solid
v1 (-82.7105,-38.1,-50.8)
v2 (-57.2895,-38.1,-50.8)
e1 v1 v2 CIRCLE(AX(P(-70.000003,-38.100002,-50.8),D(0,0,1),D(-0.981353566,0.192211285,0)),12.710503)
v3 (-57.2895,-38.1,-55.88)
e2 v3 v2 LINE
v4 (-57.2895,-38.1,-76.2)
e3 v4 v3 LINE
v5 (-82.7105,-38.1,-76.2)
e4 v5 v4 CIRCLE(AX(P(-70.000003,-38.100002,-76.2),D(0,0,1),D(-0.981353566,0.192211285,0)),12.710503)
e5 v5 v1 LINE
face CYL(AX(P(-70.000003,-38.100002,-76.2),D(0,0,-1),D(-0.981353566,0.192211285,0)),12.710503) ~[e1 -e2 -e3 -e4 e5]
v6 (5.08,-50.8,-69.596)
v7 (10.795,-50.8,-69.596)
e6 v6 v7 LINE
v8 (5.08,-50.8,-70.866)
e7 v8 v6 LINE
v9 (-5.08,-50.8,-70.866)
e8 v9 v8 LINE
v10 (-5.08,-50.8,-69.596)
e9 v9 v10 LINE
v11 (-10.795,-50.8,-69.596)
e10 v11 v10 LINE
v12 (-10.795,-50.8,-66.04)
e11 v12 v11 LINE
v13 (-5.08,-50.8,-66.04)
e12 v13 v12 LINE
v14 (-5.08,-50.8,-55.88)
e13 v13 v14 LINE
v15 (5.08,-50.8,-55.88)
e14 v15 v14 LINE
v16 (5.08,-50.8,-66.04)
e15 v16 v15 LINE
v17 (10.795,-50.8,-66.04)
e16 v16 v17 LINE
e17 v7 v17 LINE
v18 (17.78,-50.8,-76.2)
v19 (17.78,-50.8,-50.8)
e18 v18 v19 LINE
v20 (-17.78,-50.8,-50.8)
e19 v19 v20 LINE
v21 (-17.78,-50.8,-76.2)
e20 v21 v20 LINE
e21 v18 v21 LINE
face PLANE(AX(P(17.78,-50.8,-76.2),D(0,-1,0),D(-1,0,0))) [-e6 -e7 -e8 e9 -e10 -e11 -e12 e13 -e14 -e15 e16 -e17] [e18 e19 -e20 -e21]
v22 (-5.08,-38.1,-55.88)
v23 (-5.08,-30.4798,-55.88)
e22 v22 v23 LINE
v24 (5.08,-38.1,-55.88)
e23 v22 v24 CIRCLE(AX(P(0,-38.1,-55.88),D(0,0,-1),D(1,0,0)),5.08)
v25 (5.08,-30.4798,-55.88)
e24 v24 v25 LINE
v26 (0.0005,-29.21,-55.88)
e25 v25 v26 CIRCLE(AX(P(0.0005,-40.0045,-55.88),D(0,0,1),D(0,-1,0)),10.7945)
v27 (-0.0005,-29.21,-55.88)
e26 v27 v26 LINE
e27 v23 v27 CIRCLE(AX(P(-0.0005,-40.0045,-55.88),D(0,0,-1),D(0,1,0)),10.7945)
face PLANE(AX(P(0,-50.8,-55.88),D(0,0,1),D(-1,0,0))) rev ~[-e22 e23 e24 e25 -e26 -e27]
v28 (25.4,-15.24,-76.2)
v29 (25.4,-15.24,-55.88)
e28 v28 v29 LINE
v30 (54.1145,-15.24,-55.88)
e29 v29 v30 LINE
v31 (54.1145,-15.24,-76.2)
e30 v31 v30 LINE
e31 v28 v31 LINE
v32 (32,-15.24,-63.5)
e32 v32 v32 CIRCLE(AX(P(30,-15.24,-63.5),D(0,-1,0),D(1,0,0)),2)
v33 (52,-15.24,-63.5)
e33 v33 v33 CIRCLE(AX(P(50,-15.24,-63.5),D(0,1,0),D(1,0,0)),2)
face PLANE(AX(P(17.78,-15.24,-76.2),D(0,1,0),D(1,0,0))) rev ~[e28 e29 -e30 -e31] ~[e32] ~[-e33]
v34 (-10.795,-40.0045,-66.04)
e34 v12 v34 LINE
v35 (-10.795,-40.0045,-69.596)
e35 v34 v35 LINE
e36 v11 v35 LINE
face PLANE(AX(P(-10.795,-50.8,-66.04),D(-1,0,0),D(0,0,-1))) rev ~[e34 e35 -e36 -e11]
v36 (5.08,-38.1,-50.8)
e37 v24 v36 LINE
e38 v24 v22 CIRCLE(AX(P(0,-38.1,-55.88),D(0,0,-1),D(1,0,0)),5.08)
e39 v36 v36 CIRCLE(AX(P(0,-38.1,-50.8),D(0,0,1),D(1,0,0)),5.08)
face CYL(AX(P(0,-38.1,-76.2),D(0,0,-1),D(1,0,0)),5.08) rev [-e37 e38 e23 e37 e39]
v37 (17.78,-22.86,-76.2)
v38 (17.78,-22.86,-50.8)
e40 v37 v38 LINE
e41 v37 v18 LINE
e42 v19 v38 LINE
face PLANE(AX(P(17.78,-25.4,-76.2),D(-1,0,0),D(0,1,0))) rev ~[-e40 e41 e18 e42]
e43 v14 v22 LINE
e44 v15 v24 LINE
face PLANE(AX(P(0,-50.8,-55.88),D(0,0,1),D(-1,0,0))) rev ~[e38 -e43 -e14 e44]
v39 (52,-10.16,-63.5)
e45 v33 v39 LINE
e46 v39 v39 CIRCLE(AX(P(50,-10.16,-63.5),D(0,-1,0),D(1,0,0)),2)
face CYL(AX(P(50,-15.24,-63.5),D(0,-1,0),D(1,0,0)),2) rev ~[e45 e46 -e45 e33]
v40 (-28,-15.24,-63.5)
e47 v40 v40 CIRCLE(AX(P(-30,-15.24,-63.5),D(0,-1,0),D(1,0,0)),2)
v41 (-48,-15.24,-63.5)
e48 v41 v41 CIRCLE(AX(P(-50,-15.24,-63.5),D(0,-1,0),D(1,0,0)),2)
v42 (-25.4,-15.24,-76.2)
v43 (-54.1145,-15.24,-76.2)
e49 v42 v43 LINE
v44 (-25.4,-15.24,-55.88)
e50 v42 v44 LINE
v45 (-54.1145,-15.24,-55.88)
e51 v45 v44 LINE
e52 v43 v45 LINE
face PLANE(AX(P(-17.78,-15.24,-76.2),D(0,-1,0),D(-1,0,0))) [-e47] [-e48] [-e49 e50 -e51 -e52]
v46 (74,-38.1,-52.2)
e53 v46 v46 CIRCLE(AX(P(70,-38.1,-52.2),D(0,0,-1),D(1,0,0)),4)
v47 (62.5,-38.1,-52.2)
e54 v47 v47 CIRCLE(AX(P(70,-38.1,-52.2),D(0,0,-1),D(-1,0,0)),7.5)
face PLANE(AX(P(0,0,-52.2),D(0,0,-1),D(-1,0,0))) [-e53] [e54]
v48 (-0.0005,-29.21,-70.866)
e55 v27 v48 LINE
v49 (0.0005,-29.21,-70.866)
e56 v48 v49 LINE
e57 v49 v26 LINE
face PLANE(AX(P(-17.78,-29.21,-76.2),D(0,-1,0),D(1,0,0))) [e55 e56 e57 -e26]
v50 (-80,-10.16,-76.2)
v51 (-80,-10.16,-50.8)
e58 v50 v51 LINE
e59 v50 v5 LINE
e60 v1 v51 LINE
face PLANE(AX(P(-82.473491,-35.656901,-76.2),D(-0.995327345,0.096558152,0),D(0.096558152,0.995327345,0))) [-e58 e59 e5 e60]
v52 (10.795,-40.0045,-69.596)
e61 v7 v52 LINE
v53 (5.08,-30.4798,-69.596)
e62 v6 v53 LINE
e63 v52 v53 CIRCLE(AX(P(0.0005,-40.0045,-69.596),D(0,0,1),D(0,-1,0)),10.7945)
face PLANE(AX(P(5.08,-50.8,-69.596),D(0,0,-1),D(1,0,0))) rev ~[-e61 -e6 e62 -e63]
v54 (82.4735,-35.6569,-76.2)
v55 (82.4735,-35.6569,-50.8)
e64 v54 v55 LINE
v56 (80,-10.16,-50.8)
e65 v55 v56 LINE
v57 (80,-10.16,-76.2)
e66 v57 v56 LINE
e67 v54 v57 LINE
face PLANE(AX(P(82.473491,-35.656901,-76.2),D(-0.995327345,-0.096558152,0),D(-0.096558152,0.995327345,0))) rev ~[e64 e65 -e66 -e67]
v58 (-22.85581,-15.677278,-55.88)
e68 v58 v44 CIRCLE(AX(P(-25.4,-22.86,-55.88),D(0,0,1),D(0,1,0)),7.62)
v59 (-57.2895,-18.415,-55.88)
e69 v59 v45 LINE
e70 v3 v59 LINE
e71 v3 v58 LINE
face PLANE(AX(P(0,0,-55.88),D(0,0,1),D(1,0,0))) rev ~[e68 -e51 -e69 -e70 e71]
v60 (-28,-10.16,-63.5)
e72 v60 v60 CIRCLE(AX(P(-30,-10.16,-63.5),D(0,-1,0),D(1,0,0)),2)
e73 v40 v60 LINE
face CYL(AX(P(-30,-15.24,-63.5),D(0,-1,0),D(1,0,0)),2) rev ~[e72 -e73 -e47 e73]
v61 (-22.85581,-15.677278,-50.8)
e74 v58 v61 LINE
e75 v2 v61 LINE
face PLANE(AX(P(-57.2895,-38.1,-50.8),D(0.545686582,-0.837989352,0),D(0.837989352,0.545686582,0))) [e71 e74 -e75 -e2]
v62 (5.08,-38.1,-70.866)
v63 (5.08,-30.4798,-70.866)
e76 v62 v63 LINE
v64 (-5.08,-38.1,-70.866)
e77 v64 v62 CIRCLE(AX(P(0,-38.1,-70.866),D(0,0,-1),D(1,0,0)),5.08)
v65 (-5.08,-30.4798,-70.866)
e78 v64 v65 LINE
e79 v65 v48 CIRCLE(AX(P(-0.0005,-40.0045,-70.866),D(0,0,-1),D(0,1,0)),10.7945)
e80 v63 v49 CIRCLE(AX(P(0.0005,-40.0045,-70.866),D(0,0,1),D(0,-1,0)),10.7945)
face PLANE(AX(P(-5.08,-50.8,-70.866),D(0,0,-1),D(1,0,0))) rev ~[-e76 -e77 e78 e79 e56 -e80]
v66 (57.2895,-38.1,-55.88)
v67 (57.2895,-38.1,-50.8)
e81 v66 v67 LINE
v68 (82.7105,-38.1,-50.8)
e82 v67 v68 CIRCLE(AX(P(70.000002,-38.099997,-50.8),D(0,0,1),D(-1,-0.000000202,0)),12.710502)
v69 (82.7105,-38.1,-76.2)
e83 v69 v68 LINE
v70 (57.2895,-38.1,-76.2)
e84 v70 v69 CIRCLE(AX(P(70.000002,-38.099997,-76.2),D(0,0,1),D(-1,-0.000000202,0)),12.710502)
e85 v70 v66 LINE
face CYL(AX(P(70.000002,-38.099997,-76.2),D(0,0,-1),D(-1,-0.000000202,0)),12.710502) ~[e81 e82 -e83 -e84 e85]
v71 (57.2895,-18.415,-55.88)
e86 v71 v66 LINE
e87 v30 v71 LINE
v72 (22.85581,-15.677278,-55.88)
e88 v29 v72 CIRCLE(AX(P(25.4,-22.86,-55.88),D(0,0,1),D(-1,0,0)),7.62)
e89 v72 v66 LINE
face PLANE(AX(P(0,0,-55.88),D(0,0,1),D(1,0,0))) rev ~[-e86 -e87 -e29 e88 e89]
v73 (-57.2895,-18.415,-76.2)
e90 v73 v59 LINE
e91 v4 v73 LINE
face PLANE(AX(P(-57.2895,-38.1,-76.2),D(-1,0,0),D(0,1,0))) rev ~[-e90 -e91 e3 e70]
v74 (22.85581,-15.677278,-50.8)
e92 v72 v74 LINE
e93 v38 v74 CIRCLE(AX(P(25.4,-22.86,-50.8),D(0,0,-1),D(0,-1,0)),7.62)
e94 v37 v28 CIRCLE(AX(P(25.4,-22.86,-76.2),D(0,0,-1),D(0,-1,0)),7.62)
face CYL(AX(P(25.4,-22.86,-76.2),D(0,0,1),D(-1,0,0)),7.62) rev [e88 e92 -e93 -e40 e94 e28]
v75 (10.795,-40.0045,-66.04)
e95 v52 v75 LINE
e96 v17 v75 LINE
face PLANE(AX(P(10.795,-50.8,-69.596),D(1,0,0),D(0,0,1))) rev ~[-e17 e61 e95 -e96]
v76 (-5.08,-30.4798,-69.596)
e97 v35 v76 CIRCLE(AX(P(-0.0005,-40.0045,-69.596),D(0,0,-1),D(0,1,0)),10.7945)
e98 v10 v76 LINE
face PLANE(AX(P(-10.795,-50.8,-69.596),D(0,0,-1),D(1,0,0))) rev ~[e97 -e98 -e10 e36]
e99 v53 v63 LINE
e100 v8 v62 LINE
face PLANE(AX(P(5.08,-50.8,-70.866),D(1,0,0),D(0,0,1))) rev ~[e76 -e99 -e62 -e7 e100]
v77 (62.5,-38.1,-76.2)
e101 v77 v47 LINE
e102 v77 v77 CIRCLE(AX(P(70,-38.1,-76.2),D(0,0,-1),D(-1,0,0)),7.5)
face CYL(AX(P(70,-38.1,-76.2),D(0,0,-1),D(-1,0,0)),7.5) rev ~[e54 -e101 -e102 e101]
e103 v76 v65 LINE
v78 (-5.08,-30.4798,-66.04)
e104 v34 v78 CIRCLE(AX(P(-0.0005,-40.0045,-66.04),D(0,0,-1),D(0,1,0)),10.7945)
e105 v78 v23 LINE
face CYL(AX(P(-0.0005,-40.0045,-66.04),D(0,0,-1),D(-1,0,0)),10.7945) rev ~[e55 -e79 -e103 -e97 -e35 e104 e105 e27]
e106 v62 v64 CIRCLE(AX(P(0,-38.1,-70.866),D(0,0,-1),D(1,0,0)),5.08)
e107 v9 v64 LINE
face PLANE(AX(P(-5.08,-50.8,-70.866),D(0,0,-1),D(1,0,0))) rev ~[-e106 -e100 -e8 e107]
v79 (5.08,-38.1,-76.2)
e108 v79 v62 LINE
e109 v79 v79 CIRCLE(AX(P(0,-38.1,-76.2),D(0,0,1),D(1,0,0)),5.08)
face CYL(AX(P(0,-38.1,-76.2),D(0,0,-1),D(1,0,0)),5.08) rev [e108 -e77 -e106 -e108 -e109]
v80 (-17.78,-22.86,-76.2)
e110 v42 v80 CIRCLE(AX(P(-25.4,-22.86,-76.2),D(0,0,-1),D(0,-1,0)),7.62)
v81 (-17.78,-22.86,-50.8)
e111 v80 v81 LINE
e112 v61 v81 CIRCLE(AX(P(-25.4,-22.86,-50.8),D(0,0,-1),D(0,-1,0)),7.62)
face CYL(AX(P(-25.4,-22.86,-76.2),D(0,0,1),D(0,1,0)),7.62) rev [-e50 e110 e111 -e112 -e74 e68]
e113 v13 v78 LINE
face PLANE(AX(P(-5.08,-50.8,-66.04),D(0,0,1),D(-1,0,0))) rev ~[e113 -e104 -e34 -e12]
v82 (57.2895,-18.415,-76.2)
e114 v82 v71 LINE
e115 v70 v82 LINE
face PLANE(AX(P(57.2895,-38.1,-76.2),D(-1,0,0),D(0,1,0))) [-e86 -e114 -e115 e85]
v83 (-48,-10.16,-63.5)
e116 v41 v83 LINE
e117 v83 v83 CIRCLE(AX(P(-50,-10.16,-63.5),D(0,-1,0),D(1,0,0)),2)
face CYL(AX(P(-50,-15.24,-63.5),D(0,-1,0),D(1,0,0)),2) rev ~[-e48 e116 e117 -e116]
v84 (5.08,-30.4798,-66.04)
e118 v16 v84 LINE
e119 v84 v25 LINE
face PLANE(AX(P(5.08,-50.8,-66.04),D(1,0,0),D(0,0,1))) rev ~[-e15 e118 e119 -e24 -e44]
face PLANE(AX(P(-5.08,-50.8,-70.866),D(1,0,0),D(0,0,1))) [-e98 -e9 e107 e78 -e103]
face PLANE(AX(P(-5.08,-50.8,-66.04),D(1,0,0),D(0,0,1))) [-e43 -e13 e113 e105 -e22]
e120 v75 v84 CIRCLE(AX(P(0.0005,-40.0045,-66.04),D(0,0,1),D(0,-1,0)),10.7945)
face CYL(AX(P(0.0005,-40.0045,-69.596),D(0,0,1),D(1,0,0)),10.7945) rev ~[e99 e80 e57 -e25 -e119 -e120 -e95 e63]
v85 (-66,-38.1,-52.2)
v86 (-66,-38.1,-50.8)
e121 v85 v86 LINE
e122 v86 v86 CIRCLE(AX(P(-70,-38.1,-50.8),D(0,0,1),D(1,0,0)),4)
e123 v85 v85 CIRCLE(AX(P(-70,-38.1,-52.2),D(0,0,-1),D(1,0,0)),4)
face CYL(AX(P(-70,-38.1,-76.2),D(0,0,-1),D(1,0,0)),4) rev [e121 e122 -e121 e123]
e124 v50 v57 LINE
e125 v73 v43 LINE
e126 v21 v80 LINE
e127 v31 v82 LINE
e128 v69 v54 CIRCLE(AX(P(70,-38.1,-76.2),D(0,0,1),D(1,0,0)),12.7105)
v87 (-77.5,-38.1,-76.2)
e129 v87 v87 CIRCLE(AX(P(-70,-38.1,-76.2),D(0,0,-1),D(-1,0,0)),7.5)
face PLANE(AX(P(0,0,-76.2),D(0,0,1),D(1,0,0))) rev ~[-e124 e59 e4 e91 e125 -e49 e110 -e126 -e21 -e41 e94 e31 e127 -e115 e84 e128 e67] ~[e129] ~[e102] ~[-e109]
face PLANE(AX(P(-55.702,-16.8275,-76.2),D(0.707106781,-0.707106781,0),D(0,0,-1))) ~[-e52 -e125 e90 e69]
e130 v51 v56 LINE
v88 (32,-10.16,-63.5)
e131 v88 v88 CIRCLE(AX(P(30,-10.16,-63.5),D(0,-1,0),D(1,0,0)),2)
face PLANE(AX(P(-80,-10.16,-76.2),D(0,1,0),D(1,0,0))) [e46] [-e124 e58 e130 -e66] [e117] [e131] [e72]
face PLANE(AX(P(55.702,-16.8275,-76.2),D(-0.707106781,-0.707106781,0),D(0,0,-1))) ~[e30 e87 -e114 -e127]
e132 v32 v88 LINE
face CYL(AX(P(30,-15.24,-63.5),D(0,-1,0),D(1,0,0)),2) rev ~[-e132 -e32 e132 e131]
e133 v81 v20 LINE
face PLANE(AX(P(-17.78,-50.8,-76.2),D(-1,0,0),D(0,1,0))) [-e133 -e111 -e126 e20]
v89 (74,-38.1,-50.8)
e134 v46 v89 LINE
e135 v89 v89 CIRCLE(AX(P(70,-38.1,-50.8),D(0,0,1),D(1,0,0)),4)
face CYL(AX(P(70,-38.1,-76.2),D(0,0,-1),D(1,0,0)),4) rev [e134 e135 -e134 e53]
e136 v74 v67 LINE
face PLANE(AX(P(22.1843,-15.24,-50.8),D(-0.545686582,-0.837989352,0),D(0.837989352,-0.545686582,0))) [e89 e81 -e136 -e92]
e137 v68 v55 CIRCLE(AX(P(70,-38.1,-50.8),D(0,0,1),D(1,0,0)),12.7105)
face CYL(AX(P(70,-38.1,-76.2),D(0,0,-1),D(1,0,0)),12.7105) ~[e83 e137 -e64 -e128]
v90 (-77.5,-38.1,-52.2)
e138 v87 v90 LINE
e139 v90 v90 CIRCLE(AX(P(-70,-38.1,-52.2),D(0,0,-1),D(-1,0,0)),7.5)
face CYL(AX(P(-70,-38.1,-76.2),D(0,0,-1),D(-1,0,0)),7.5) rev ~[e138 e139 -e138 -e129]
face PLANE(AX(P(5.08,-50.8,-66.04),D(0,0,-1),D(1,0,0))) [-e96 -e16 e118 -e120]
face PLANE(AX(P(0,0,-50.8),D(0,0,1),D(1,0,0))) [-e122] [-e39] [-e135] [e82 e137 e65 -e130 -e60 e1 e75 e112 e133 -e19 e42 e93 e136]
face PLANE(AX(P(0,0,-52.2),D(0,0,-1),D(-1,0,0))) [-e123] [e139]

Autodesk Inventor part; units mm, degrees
ref_plane "YZ Plane" through (0, 0, 0) normal (1, 0, 0) x (0, 1, 0)
ref_plane "XZ Plane" through (0, 0, 0) normal (0, 1, 0) x (-1, 0, 0)
ref_plane "XY Plane" through (0, 0, 0) normal (0, 0, 1) x (1, 0, 0)
ref_plane "Work Plane1" through (0, 0, -76.2) normal (0, 0, 1) x (1, 0, 0)
sketch "Sketch1" plane through (0, 0, -76.2) normal (0, 0, 1) x (1, 0, 0)
  line L0 (-80, -10.16) -> (80, -10.16) projected
  circle A0 centre (70, -38.1) radius 4 projected
  circle A1 centre (-70, -38.1) radius 4 projected
  arc A2 (82.7105, -38.1) -> (57.2895, -38.1) centre (70, -38.1) ccw projected
  arc A3 (57.2895, -38.1) -> (82.4735, -35.6569) centre (70, -38.1) ccw
  arc A4 (-82.4735, -35.6569) -> (-57.2895, -38.1) centre (-70, -38.1) ccw
  line L1 (82.7105, -38.1) -> (80, -10.16)
  line L2 (-82.7105, -38.1) -> (-80, -10.16)
  circle A5 centre (0, -38.1) radius 5.08
  line L3 (17.78, -25.4) -> (17.78, -50.8)
  line L4 (17.78, -50.8) -> (-17.78, -50.8)
  line L5 (-17.78, -50.8) -> (-17.78, -25.4)
  line L6 (-17.78, -25.4) -> (17.78, -50.8) construction
  line L7 (17.78, -25.4) -> (-17.78, -50.8) construction
  line L8 (80, -10.16) -> (-80, -10.16)
  line L9 (-17.78, -15.24) -> (-57.2895, -15.24)
  line L10 (17.78, -15.24) -> (57.2895, -15.24)
  line L11 (57.2895, -38.1) -> (57.2895, -15.24)
  line L12 (-57.2895, -38.1) -> (-57.2895, -15.24)
  line L13 (-17.78, -38.1) -> (-17.78, -15.24)
  line L14 (17.78, -38.1) -> (17.78, -15.24)
  point P0 (0, 0)
  dimension "d0" = 10.16
  dimension "d2" = 35.56
  dimension "d3" = 25.4
extrude "Extrusion1" add sketch "Sketch1" along normal blind 25.4 contours L0 L1 A2 L11 L10 L14 L3 L4 L5 L13 L9 L12 A4 L2 | L1 A3 A2 | A2 L1
sketch "Sketch2" plane through (0, 0, -76.2) normal (0, 0, -1) x (-1, 0, 0)
  circle A0 centre (-70, -38.1) radius 4 projected
  circle A1 centre (-70, -38.1) radius 7.5
  circle A2 centre (70, -38.1) radius 4 projected
  circle A3 centre (70, -38.1) radius 7.5
  point P0 (0, 0)
  dimension "d7" = 15
  dimension "d8" = 15
extrude "Extrusion2" cut sketch "Sketch2" against normal blind 24
sketch "Sketch3" plane through (-17.78, -50.8, -76.2) normal (0, -1, 0) x (1, 0, 0)
  line L0 (0, 0) -> (35.56, 0) projected
  line L1 (0, 0) -> (0, 25.4) projected
  line L2 (0, 25.4) -> (35.56, 25.4) projected
  line L3 (35.56, 0) -> (35.56, 25.4) projected
  line L4 (12.7, 0) -> (12.7, 25.4) projected
  line L5 (22.86, 0) -> (22.86, 25.4) projected
  line L6 (12.7, 25.4) -> (22.86, 25.4) projected
  line L7 (17.78, 25.4) -> (17.78, 20.32)
  line L8 (22.86, 20.32) -> (12.7, 20.32)
  line L9 (12.7, 20.32) -> (12.7, 10.16)
  line L10 (12.7, 10.16) -> (22.86, 10.16)
  line L11 (22.86, 10.16) -> (22.86, 20.32)
  line L12 (17.78, 10.16) -> (28.575, 10.16)
  line L13 (28.575, 10.16) -> (6.985, 10.16)
  line L14 (28.575, 10.16) -> (6.985, 10.16)
  line L15 (6.985, 10.16) -> (6.985, 6.604)
  line L16 (6.985, 6.604) -> (28.575, 6.604)
  line L17 (28.575, 6.604) -> (28.575, 10.16)
  line L18 (12.7, 5.334) -> (22.86, 5.334)
  line L19 (22.86, 5.334) -> (22.86, 7.874)
  line L20 (22.86, 7.874) -> (12.7, 7.874)
  line L21 (12.7, 7.874) -> (12.7, 5.334)
  line L22 (12.7, 5.334) -> (22.86, 7.874) construction
  line L23 (22.86, 5.334) -> (12.7, 7.874) construction
  point P0 (17.78, 76.2)
  point P1 (17.78, 6.604)
  dimension "d11" = 5.08
  dimension "d12" = 10.16
  dimension "d13" = 10.16
  dimension "d14" = 10.795
  dimension "d15" = 21.59
  dimension "d16" = 21.59
  dimension "d17" = 3.556
  dimension "d18" = 10.16
  dimension "d19" = 2.54
extrude "Extrusion3" cut sketch "Sketch3" against normal blind 21.59 contours L4 L16 L5 L18 | L16 L15 L13 L4 | L4 L20 L5 L16 | L8 L5 L10 L4 | L5 L12 L17 L16 | L4 L10 L5 L20
fillet "Fillet1" radius 10.795 2 edges at (-10.795, -29.21, -67.818) (10.795, -29.21, -67.818)
sketch "Sketch4" plane through (17.78, -15.24, -76.2) normal (0, -1, 0) x (1, 0, 0)
  line L0 (0, 0) -> (39.5095, 0) projected
  line L1 (0, 25.4) -> (39.5095, 25.4) projected
  line L2 (-75.0695, 0) -> (-35.56, 0) projected
  line L3 (62.22, 25.4) -> (-97.78, 25.4) projected
  line L4 (-97.78, -170.15) -> (-97.78, 69.85) projected
  line L5 (62.22, -170.15) -> (-97.78, -170.15) projected
  line L6 (62.22, 69.85) -> (62.22, -170.15) projected
  line L7 (-97.78, 69.85) -> (62.22, 69.85) projected
  line L8 (62.22, 0) -> (62.22, 25.4) projected
  line L9 (62.22, 12.7) -> (32.22, 12.7)
  line L10 (32.22, 12.7) -> (12.22, 12.7)
  circle A0 centre (32.22, 12.7) radius 2
  circle A1 centre (12.22, 12.7) radius 2
  line L11 (62.22, 0) -> (-97.78, 0) projected
  line L12 (-17.78, 0) -> (-17.78, 2.4889)
  circle A2 centre (-67.78, 12.7) radius 2
  circle A3 centre (-47.78, 12.7) radius 2
  point P0 (-17.78, 76.2)
  dimension "d23" = 30
  dimension "d24" = 20
  dimension "d25" = 4
  dimension "d26" = 4
extrude "Extrusion4" cut sketch "Sketch4" against normal blind 25.4 contours A1 | A0 L10 L9 | L9 L10 A0 | A2 | A3
chamfer "Chamfer1" distance 3.175 angle 45 2 edges at (57.2895, -15.24, -63.5) (-57.2895, -15.24, -63.5)
fillet "Fillet2" radius 7.62 2 edges at (17.78, -15.24, -63.5) (-17.78, -15.24, -63.5)
sketch "Sketch5" plane through (0, 0, -76.2) normal (0, 0, -1) x (-1, 0, 0)
  point P0 (0, 0)
sketch "Sketch6" plane through (0, 0, -50.8) normal (0, 0, 1) x (1, 0, 0)
  line L0 (-57.2895, -18.415) -> (-54.1145, -15.24) projected
  line L1 (-57.2895, -38.1) -> (-57.2895, -18.415) projected
  line L2 (-57.2895, -38.1) -> (-22.1843, -15.24) projected
  line L3 (-54.1145, -15.24) -> (-22.1843, -15.24) projected
  line L4 (57.2895, -18.415) -> (57.2895, -38.1) projected
  line L5 (54.1145, -15.24) -> (57.2895, -18.415) projected
  line L6 (22.1843, -15.24) -> (54.1145, -15.24) projected
  line L7 (22.1843, -15.24) -> (57.2895, -38.1) projected
  point P0 (0, 0)
extrude "Extrusion5" add sketch "Sketch6" against normal blind 5.08
properties part number "Bed Slide"
